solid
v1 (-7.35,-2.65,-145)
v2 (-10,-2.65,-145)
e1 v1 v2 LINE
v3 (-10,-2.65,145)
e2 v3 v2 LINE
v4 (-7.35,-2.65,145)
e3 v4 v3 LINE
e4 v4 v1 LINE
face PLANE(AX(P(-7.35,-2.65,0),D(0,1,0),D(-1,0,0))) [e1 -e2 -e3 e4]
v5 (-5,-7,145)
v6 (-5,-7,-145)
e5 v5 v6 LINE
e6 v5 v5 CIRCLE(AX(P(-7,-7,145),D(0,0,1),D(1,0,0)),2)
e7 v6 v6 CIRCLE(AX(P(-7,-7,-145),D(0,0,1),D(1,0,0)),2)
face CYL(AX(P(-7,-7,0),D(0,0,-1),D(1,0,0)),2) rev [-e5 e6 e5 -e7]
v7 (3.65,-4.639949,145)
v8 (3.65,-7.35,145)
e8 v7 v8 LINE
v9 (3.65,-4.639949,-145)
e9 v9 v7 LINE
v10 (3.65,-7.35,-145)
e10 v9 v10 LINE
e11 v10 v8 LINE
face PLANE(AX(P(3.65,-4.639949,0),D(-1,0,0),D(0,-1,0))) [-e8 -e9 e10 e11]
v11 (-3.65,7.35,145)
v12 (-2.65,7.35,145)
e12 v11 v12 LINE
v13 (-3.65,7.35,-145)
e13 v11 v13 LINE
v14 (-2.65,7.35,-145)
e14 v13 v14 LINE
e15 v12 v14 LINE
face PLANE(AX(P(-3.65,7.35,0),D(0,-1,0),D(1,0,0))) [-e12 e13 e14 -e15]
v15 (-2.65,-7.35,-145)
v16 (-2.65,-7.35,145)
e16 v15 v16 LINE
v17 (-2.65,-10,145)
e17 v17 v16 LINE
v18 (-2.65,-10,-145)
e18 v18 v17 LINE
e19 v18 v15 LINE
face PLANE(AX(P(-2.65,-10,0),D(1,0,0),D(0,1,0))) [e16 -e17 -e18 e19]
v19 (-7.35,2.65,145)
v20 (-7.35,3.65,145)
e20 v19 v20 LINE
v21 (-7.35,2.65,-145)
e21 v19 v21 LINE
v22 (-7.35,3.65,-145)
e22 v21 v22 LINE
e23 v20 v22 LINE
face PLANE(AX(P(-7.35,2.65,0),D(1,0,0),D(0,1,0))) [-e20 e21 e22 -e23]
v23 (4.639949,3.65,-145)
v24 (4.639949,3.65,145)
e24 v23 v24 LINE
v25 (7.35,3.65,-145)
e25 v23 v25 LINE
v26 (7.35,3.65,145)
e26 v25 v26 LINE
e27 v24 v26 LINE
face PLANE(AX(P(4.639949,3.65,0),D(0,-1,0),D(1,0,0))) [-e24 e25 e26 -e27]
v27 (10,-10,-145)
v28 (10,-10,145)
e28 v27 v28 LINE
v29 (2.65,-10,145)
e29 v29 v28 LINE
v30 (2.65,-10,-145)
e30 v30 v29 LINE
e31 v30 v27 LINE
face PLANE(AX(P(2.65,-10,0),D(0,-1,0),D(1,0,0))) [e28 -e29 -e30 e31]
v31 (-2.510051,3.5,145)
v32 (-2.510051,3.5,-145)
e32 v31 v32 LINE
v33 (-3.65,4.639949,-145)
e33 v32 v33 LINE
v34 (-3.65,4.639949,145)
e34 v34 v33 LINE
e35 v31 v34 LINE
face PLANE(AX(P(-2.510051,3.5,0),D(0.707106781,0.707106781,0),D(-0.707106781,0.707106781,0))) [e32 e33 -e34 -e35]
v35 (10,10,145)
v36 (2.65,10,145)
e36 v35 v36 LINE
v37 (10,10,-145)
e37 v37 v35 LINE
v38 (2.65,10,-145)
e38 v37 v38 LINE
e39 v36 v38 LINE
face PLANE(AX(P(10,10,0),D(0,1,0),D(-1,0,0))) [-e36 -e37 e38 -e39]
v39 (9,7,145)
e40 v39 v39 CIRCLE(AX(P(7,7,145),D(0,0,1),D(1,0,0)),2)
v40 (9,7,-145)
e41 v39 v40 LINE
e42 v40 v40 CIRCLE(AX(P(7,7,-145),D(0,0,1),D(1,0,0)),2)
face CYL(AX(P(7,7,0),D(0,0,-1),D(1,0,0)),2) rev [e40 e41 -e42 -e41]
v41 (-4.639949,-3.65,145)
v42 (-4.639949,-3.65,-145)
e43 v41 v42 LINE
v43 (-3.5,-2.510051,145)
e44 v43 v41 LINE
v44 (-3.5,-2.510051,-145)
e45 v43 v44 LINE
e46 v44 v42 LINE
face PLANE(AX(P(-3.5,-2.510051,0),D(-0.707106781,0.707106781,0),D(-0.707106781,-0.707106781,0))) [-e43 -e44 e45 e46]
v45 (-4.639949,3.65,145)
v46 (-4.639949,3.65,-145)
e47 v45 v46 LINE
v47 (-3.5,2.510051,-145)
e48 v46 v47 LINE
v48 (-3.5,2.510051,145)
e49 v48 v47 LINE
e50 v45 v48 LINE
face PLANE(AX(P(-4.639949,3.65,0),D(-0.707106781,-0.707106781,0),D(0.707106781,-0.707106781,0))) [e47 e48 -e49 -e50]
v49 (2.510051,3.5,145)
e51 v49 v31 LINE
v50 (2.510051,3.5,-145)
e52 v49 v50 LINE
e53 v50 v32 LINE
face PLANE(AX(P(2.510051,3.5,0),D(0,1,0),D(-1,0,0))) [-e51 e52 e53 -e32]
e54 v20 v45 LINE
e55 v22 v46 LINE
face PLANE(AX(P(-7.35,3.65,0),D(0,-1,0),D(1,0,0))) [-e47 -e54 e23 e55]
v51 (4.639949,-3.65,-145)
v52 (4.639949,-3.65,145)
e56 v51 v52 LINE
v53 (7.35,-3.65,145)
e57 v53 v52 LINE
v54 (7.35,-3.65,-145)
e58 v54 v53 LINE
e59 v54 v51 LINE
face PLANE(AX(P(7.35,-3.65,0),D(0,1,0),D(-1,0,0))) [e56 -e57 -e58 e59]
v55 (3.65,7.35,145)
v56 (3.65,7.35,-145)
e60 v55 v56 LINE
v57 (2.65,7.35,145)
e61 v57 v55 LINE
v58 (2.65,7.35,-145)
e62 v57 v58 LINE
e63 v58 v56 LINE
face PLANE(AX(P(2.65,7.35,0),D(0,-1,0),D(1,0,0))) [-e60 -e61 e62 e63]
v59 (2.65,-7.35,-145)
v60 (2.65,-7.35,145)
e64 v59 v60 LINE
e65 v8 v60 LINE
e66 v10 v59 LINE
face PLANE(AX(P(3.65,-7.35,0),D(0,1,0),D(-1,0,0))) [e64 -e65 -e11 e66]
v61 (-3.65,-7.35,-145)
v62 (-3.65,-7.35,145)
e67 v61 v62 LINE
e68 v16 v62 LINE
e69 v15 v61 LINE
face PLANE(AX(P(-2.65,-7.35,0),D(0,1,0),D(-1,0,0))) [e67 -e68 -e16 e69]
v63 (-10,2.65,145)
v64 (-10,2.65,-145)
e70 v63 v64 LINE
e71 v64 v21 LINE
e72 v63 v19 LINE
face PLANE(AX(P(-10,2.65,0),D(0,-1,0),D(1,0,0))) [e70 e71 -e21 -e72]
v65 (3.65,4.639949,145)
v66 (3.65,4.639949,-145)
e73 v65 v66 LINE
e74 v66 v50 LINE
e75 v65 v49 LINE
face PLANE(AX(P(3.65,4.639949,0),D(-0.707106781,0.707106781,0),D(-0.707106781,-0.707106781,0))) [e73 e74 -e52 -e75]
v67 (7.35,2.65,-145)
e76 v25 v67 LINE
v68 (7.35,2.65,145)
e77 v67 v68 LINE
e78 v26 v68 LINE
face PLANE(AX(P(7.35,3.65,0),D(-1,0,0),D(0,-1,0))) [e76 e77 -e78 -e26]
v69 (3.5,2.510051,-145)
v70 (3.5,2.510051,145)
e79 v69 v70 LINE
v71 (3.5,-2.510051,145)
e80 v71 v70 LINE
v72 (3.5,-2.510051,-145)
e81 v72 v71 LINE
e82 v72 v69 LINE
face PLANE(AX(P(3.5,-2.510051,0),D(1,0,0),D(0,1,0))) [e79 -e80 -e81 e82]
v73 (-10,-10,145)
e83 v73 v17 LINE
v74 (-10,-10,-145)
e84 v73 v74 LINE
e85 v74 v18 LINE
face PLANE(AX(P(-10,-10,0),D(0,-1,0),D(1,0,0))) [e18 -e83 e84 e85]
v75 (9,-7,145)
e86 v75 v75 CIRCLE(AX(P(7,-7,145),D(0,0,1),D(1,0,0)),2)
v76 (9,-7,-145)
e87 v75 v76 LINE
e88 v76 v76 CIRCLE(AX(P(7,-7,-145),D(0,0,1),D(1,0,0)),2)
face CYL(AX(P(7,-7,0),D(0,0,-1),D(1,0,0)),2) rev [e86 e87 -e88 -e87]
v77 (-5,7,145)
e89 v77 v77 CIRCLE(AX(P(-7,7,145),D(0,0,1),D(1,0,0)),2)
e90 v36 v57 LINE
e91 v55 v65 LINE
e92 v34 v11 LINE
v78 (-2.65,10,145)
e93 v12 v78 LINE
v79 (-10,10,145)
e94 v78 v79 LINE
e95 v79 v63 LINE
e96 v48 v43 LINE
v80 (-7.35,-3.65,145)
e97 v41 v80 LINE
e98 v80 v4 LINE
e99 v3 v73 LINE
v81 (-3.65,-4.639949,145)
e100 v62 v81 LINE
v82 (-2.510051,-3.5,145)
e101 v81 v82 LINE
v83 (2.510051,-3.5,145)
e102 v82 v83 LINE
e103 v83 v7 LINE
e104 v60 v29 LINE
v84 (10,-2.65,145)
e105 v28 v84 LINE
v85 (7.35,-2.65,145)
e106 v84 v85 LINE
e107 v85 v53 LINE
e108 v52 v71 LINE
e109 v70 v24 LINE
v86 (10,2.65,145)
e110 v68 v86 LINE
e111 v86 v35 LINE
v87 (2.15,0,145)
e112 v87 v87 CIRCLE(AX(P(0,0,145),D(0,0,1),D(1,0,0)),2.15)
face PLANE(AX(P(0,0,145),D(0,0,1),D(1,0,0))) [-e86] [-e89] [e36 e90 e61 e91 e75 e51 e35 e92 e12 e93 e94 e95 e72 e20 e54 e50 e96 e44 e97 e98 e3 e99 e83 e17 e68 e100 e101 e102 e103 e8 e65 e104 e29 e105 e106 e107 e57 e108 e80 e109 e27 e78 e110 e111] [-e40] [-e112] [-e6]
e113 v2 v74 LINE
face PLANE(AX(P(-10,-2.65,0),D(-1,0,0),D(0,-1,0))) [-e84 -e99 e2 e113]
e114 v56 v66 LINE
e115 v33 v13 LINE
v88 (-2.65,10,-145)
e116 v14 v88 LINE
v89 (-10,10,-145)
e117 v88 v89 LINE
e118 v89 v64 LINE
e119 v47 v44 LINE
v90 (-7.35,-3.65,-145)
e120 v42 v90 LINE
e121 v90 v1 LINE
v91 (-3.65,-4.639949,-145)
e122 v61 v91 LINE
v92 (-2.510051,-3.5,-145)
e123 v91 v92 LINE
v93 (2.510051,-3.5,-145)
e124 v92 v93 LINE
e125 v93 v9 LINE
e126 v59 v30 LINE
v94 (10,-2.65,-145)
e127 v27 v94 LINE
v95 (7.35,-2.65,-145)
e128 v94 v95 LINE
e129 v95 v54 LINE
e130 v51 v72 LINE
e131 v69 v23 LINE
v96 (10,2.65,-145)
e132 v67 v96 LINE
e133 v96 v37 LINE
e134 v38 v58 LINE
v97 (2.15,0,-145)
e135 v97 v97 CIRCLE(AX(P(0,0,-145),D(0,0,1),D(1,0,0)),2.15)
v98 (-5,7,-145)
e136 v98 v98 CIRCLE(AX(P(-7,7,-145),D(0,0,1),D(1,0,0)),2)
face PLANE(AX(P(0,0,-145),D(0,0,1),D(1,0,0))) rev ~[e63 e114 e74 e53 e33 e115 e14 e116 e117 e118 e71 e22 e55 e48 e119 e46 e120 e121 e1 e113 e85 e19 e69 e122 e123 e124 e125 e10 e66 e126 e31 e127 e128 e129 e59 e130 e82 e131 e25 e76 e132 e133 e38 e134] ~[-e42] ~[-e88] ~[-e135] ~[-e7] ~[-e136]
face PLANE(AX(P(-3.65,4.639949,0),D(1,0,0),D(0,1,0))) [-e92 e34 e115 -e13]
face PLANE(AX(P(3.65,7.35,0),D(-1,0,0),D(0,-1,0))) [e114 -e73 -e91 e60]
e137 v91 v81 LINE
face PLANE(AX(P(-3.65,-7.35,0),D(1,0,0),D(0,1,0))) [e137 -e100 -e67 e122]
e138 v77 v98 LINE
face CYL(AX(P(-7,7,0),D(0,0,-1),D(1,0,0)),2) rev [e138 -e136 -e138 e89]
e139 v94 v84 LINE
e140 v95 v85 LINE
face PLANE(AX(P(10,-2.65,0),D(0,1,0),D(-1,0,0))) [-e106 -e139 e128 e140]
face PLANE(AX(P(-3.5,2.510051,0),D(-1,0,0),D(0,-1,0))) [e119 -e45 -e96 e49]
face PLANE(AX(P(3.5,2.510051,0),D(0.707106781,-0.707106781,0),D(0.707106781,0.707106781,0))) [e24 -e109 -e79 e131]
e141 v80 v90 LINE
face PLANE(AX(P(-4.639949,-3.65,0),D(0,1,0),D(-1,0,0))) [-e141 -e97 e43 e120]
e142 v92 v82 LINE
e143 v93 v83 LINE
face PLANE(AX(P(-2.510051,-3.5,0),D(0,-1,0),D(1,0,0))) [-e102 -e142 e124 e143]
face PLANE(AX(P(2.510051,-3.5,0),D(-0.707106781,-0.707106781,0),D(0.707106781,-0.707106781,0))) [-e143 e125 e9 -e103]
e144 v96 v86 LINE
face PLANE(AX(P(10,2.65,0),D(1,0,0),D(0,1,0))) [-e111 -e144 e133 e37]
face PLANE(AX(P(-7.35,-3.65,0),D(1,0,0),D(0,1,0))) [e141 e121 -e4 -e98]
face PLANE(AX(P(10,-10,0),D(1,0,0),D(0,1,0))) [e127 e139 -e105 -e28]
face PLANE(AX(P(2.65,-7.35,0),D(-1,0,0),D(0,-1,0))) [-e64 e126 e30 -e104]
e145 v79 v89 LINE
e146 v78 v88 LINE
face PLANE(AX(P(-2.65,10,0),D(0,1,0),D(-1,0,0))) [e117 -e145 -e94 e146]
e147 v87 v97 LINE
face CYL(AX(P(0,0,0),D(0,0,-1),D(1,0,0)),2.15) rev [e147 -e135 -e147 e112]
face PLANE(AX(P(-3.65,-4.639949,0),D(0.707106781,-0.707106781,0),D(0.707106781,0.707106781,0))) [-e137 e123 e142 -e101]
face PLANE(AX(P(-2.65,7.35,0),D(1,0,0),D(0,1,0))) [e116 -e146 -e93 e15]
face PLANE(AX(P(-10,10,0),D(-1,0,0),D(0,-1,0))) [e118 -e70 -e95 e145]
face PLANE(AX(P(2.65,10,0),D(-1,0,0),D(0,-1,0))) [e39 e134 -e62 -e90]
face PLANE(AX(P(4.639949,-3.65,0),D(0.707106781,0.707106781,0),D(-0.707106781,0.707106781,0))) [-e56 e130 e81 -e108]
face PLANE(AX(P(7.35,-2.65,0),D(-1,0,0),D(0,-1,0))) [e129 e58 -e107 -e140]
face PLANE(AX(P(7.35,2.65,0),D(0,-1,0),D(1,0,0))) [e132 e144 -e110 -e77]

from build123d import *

# Parameters (mm, degrees)
SKETCH_1_R      = 2
SKETCH_1_R_2    = 2.15
EXTRUDE_1_DEPTH = 145


with BuildPart() as part:
    # 스케치1 → 보스-돌출1 (new, symmetric)
    with BuildSketch(Plane.XY):
        Polygon((-10, -10), (-2.65, -10), (-2.65, -7.35), (-3.65, -7.35), (-3.65, -4.639949494), (-2.510050506, -3.5), (0, -3.5), (2.510050506, -3.5), (3.65, -4.639949494), (3.65, -7.35), (2.65, -7.35), (2.65, -10), (10, -10), (10, -2.65), (7.35, -2.65), (7.35, -3.65), (4.639949494, -3.65), (3.5, -2.510050506), (3.5, 0), (3.5, 2.510050506), (4.639949494, 3.65), (7.35, 3.65), (7.35, 2.65), (10, 2.65), (10, 10), (2.65, 10), (2.65, 7.35), (3.65, 7.35), (3.65, 4.639949494), (2.510050506, 3.5), (0, 3.5), (-2.510050506, 3.5), (-3.65, 4.639949494), (-3.65, 7.35), (-2.65, 7.35), (-2.65, 10), (-10, 10), (-10, 2.65), (-7.35, 2.65), (-7.35, 3.65), (-4.639949494, 3.65), (-3.5, 2.510050506), (-3.5, 0), (-3.5, -2.510050506), (-4.639949494, -3.65), (-7.35, -3.65), (-7.35, -2.65), (-10, -2.65), align=None)
        with Locations((-7, 7)):
            Circle(SKETCH_1_R, mode=Mode.SUBTRACT)
        Circle(SKETCH_1_R_2, mode=Mode.SUBTRACT)
        with Locations((7, 7)):
            Circle(SKETCH_1_R, mode=Mode.SUBTRACT)
        with Locations((-7, -7)):
            Circle(SKETCH_1_R, mode=Mode.SUBTRACT)
        with Locations((7, -7)):
            Circle(SKETCH_1_R, mode=Mode.SUBTRACT)
    extrude(amount=EXTRUDE_1_DEPTH, both=True)


solid = part.part
